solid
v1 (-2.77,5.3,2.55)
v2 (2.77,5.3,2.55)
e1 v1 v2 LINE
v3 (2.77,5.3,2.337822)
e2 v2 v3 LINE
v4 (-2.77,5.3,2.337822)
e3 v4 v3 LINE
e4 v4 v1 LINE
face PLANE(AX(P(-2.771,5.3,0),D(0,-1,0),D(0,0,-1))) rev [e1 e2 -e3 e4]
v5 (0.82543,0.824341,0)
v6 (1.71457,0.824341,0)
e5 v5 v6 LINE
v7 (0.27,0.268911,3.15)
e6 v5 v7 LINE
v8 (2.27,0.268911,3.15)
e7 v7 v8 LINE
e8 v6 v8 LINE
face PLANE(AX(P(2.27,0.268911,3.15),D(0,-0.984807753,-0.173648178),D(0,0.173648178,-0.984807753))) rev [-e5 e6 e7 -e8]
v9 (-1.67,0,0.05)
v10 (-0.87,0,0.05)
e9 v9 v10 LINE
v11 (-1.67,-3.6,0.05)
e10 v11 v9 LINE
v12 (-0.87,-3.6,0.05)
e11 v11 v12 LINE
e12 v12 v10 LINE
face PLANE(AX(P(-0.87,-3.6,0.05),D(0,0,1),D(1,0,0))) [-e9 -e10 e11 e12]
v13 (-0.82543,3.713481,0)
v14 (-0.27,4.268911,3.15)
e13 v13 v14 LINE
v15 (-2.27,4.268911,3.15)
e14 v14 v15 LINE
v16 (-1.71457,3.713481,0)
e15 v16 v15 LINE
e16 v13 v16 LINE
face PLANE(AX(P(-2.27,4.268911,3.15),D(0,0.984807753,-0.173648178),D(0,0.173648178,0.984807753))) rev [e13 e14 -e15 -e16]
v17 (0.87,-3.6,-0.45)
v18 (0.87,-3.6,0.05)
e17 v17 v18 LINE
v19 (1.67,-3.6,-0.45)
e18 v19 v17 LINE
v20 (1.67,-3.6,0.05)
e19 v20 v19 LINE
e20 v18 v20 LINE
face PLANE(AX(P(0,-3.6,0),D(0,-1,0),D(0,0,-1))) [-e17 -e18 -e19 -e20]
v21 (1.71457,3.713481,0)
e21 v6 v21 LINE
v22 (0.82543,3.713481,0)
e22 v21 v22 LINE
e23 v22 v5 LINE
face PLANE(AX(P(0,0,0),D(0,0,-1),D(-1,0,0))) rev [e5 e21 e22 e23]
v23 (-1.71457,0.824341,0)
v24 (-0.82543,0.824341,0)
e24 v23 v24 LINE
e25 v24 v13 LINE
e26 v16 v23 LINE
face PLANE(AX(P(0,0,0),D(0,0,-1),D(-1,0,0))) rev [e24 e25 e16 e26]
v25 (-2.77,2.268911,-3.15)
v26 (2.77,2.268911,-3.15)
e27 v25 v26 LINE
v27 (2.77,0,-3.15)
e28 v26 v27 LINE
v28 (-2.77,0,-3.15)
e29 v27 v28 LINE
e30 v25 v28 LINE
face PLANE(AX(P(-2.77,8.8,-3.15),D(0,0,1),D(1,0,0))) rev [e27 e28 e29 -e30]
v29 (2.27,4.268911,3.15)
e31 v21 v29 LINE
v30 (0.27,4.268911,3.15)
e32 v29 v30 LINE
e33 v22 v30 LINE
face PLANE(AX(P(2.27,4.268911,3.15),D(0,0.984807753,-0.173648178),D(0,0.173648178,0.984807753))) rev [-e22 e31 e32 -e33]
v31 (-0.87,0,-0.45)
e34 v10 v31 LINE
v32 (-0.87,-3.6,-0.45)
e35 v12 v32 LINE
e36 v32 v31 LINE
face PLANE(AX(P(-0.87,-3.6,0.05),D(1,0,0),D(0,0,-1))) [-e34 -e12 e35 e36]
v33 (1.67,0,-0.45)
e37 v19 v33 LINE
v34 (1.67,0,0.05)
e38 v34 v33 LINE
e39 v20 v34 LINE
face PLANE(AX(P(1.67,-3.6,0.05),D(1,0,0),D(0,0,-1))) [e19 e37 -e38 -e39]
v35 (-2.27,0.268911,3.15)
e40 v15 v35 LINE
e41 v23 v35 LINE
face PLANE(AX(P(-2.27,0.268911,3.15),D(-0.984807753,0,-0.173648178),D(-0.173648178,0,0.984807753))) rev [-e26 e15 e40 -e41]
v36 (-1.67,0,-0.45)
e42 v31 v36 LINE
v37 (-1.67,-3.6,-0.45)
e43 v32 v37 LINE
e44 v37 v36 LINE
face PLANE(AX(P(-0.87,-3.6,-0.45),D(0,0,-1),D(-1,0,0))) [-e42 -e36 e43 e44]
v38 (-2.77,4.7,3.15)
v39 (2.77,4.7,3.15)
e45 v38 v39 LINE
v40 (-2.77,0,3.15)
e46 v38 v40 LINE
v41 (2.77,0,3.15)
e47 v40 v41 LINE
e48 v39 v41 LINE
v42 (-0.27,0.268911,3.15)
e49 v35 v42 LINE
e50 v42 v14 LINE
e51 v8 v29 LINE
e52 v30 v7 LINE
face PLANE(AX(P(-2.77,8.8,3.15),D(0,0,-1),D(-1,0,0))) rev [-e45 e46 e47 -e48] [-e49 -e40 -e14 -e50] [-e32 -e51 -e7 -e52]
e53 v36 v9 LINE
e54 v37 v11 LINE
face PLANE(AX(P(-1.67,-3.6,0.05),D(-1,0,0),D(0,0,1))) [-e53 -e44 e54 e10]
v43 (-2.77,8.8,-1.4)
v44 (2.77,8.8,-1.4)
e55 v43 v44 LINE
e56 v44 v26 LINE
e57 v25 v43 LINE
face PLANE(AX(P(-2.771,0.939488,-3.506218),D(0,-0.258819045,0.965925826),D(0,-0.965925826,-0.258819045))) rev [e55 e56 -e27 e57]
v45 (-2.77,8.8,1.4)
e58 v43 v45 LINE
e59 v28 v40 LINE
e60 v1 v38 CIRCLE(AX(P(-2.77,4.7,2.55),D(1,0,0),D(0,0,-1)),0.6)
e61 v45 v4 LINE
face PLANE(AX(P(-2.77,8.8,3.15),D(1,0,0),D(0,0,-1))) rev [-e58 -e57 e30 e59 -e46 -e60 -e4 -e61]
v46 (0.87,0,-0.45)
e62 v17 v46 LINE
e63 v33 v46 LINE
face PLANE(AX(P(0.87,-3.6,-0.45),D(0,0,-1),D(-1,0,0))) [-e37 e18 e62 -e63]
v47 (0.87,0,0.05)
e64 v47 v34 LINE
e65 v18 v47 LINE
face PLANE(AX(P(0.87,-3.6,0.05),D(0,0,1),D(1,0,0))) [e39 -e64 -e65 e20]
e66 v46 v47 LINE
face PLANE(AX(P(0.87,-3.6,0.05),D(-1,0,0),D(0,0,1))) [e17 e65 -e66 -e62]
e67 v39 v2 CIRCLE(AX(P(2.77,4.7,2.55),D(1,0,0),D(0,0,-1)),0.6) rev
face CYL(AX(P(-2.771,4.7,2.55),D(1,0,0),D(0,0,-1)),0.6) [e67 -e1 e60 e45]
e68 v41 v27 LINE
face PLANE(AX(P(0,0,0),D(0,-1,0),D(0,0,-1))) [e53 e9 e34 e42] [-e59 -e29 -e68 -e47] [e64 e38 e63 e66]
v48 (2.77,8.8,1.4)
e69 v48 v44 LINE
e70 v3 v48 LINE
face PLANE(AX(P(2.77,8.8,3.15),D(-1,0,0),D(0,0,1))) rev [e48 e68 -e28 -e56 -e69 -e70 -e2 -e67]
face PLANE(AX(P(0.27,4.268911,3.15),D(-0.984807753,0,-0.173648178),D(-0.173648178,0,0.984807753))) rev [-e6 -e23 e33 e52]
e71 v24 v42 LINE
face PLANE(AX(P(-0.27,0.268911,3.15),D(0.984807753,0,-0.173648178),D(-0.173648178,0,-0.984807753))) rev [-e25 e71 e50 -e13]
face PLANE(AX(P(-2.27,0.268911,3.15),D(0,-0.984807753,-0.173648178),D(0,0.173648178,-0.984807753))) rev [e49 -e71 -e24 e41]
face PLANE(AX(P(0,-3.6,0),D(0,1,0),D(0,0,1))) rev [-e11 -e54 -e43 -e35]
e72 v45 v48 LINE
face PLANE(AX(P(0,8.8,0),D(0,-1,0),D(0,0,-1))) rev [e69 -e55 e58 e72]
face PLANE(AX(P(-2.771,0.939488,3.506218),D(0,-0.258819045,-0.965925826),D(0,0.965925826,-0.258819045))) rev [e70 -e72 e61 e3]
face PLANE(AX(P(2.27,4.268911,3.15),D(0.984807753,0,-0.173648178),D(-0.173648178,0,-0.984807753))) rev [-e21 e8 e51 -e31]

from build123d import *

# Parameters (mm, degrees)
SKETCH1_W           = 5.54
SKETCH1_H           = 6.3
BOSS_EXTRUDE1_DEPTH = 8.8
SKETCH2_W           = 0.8
SKETCH2_H           = 0.5
BOSS_EXTRUDE2_DEPTH = 3.6
CUT_EXTRUDE1_REACH  = 7.54
SKETCH4_W           = 2
SKETCH4_H           = 4
CUT_EXTRUDE2_DEPTH  = 3.15
CUT_EXTRUDE2_TAPER  = 10


with BuildPart() as part:
    # Sketch1 → Boss-Extrude1 (new body)
    with BuildSketch(Plane(origin=(0, 0, 0), x_dir=(1, 0, 0), z_dir=(0, 1, 0))):
        Rectangle(SKETCH1_W, SKETCH1_H)
    extrude(amount=BOSS_EXTRUDE1_DEPTH)

    # Sketch2 → Boss-Extrude2 (add)
    with BuildSketch(Plane(origin=(0, 0, 0), x_dir=(1, 0, 0), z_dir=(0, 1, 0))):
        with Locations((1.27, 0.2)):
            Rectangle(SKETCH2_W, SKETCH2_H)
        with Locations((-1.27, 0.2)):
            Rectangle(SKETCH2_W, SKETCH2_H)
    extrude(amount=-BOSS_EXTRUDE2_DEPTH)

    # Sketch3 → Cut-Extrude1 (cut, up to next)
    with BuildSketch(Plane(origin=(2.77, 0, 0), x_dir=(0, 0, -1), z_dir=(1, 0, 0)), mode=Mode.PRIVATE) as cut_extrude1_sk1:
        with BuildLine():
            ThreePointArc((-3.15, 4.7), (-2.974264069, 5.124264069), (-2.55, 5.3))
            Line((-2.55, 5.3), (-2.337822174, 5.3))
            Line((-2.337822174, 5.3), (-1.4, 8.8))
            Line((-1.4, 8.8), (-3.15, 8.8))
            Line((-3.15, 8.8), (-3.15, 4.7))
        make_face()
    cut_extrude1_tool1 = extrude(cut_extrude1_sk1.sketch, amount=-CUT_EXTRUDE1_REACH, mode=Mode.PRIVATE) & part.part
    add(cut_extrude1_tool1.solids().sort_by_distance((2.77, 7.227986, 2.489914))[0], mode=Mode.SUBTRACT)
    # Sketch3 → Cut-Extrude1 (cut, up to next)
    with BuildSketch(Plane(origin=(2.77, 0, 0), x_dir=(0, 0, -1), z_dir=(1, 0, 0)), mode=Mode.PRIVATE) as cut_extrude1_sk2:
        Polygon((3.15, 8.8), (1.4, 8.8), (3.15, 2.268911087), align=None)
    cut_extrude1_tool2 = extrude(cut_extrude1_sk2.sketch, amount=-CUT_EXTRUDE1_REACH, mode=Mode.PRIVATE) & part.part
    add(cut_extrude1_tool2.solids().sort_by_distance((2.77, 6.62297, -2.566667))[0], mode=Mode.SUBTRACT)

    # Sketch4 → Cut-Extrude2 (cut)
    with BuildSketch(Plane.XY.offset(3.15)):
        with Locations((-1.27, 2.268911087)):
            Rectangle(SKETCH4_W, SKETCH4_H)
        with Locations((1.27, 2.268911087)):
            Rectangle(SKETCH4_W, SKETCH4_H)
    extrude(amount=-CUT_EXTRUDE2_DEPTH, taper=CUT_EXTRUDE2_TAPER, mode=Mode.SUBTRACT)


solid = part.part
